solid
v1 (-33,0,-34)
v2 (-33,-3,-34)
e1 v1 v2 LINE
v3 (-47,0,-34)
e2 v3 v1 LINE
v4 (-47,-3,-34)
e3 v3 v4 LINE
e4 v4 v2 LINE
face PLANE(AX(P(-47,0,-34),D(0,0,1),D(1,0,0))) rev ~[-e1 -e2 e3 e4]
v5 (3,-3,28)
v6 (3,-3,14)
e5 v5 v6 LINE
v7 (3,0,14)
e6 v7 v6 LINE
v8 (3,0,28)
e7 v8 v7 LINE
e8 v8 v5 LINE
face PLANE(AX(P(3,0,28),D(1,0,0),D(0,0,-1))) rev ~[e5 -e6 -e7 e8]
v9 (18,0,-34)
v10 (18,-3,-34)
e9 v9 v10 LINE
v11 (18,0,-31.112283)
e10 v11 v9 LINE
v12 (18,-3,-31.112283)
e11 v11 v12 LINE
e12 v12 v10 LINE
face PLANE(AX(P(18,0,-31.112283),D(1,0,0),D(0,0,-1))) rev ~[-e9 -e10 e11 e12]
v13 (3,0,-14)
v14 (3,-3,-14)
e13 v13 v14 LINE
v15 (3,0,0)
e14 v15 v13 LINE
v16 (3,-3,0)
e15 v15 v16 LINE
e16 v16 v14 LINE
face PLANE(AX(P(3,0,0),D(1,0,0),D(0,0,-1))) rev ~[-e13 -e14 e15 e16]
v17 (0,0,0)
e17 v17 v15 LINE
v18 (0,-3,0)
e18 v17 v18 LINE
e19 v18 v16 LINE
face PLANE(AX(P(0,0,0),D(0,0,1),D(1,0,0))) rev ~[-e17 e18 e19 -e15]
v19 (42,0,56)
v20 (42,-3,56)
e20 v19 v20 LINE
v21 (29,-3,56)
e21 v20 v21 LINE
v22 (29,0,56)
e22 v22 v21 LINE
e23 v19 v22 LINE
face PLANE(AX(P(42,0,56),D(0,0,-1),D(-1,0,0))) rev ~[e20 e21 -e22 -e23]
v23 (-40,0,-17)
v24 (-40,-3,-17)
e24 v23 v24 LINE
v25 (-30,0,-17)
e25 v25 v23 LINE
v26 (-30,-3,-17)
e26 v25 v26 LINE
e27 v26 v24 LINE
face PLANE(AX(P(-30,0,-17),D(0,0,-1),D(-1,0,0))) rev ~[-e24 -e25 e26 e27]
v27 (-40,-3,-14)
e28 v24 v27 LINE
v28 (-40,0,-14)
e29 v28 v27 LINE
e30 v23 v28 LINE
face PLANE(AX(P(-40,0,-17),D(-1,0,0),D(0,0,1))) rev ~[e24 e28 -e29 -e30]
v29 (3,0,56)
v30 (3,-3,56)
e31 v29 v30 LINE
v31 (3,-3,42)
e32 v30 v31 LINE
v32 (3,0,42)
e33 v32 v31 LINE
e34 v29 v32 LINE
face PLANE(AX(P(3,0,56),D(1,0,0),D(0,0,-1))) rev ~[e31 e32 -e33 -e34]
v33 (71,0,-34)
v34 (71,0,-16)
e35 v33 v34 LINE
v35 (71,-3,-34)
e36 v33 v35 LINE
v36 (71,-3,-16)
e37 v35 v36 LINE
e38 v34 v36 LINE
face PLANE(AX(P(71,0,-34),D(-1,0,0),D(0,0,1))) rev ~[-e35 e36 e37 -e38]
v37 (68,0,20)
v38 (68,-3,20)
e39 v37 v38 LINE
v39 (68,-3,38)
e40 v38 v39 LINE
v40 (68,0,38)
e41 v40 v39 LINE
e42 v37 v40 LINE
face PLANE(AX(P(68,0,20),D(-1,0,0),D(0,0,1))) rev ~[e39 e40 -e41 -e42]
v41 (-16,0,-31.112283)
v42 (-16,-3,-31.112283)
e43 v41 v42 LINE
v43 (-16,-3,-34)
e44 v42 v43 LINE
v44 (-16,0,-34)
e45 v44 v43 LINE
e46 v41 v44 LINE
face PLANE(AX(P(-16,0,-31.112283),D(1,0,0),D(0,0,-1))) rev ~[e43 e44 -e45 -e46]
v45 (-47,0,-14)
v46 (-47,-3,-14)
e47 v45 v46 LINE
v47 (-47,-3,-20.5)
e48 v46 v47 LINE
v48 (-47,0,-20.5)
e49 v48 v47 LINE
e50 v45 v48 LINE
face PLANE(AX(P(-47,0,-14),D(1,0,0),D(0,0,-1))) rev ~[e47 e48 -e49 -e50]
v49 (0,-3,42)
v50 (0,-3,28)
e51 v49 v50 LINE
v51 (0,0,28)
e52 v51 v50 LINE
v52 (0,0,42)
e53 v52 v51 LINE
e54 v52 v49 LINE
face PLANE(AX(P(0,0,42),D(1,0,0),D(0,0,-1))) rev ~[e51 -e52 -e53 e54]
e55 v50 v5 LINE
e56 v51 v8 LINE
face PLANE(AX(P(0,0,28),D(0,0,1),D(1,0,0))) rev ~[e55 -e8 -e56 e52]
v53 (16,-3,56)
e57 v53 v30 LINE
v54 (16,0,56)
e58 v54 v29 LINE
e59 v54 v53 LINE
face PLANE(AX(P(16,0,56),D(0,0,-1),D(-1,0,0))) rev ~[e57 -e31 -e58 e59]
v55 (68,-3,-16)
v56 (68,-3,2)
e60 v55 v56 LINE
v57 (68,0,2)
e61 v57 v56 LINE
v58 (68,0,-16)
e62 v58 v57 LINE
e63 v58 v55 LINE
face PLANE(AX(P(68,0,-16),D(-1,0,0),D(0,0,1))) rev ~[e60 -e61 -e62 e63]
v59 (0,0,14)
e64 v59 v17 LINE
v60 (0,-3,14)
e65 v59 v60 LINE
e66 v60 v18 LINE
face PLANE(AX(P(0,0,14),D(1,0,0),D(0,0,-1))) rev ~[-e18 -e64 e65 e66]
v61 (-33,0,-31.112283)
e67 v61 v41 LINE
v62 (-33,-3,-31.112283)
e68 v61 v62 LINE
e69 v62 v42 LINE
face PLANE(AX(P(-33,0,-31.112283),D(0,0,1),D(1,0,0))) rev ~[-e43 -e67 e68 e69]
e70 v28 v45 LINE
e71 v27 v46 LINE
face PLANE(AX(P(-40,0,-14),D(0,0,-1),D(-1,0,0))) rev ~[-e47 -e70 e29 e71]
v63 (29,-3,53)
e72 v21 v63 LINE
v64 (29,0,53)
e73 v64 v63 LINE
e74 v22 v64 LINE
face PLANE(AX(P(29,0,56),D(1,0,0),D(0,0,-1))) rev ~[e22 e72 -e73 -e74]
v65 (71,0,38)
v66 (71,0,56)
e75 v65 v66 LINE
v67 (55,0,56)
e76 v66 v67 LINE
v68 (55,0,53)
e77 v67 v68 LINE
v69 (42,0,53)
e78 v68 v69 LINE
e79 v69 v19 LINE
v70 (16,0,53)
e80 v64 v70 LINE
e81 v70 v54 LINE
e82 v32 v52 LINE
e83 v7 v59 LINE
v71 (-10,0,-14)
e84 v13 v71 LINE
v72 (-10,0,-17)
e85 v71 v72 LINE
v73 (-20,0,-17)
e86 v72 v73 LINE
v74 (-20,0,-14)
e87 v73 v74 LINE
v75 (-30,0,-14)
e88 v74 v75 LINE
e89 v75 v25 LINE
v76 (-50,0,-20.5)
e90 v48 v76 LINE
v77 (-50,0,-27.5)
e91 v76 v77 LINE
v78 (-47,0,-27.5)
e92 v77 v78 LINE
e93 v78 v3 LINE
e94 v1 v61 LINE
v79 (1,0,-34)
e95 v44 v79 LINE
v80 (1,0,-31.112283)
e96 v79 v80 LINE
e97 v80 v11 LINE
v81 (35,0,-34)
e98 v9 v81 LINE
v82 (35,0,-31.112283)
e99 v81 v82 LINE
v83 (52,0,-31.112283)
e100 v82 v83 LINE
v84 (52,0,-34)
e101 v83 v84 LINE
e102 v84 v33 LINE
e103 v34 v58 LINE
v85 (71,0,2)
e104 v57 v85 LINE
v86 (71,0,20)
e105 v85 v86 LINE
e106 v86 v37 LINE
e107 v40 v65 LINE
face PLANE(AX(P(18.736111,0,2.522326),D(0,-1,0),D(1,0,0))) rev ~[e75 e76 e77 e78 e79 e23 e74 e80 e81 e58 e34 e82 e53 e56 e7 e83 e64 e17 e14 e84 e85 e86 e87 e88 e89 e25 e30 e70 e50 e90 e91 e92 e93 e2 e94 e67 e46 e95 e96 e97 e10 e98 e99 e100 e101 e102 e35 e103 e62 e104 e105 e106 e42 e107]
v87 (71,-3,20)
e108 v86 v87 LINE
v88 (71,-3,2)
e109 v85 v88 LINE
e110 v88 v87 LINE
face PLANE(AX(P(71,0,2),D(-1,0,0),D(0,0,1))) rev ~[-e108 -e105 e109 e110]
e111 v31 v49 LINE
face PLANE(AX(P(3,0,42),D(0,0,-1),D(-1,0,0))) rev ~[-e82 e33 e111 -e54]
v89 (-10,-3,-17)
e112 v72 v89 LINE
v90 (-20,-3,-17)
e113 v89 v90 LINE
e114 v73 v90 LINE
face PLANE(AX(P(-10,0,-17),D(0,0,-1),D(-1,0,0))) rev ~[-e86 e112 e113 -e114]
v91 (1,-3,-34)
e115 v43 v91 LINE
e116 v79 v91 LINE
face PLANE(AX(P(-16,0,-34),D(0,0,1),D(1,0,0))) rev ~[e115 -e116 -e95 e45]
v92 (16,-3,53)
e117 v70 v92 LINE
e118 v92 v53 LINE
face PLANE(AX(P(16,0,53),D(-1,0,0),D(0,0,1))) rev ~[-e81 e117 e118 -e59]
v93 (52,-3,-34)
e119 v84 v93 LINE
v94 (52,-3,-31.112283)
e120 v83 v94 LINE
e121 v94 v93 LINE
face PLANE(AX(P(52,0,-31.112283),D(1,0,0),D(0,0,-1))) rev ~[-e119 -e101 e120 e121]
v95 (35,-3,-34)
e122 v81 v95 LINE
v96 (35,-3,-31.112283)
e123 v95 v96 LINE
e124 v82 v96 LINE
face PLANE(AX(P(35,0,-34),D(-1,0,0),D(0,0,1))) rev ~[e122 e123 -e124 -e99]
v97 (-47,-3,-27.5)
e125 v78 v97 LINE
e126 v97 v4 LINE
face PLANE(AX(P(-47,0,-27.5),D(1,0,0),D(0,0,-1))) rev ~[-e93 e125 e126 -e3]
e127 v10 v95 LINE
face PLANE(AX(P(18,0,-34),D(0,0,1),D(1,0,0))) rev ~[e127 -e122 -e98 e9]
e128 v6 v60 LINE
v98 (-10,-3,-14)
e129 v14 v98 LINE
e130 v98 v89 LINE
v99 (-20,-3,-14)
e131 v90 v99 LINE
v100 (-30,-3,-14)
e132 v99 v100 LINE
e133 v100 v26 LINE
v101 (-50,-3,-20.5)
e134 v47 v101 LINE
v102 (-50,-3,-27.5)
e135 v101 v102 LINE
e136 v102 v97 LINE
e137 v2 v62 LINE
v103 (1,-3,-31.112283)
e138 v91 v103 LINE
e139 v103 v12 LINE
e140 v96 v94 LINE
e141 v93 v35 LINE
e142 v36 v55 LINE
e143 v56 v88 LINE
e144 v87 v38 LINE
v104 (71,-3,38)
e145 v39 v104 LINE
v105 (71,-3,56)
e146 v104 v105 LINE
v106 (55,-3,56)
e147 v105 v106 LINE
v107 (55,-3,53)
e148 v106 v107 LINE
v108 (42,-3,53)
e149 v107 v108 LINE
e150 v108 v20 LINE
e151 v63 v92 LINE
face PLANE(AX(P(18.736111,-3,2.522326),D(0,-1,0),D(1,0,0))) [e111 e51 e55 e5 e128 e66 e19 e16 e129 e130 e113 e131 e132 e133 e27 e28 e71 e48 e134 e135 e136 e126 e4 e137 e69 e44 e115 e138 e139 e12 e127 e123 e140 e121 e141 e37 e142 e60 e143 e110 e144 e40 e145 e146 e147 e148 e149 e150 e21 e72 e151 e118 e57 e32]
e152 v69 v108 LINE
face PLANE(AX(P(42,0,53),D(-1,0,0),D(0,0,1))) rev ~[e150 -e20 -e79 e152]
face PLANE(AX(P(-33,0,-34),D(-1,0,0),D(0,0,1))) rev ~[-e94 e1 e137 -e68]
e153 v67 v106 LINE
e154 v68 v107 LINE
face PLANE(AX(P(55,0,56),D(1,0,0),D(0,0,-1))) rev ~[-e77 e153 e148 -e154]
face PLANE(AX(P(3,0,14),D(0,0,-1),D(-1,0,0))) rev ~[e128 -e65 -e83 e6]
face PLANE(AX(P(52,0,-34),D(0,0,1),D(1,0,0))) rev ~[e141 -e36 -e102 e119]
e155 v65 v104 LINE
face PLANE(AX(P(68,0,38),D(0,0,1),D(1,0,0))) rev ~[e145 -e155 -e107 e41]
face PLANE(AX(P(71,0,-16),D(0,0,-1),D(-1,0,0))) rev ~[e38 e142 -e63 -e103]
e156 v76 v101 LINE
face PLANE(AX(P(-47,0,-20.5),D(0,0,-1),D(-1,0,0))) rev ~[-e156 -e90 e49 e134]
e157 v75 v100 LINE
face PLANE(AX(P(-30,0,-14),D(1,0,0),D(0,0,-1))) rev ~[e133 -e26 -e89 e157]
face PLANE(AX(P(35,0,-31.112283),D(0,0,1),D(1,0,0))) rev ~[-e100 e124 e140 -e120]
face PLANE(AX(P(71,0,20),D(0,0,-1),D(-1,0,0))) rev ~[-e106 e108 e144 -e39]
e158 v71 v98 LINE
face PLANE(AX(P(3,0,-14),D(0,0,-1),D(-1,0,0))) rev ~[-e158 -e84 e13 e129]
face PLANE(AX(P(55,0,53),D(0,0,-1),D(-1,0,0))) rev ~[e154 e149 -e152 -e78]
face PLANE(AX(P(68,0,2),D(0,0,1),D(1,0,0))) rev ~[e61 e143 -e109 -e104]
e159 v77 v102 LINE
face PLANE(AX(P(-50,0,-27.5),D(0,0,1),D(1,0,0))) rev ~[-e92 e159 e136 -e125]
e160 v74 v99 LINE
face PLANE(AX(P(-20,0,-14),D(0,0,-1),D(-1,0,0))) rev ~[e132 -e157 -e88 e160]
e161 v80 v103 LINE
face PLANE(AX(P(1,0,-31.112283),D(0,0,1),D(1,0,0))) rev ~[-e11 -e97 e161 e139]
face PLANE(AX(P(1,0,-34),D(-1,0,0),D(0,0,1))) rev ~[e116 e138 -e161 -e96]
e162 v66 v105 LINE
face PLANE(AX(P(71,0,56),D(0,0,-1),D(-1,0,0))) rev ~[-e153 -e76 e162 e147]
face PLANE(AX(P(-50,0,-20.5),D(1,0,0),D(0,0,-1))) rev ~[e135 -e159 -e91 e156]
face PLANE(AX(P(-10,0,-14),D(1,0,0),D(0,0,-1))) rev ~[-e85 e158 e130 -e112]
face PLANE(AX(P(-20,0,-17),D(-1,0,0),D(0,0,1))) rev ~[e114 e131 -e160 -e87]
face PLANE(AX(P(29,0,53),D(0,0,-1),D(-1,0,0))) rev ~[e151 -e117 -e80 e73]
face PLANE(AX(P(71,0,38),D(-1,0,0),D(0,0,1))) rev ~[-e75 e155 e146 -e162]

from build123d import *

# Parameters (mm, degrees)
F1_DEPTH = 3


with BuildPart() as f1:
    # F0 (on Front) → F1 (new body)
    with BuildSketch(Plane.XZ):
        Polygon((16, 56), (3, 56), (3, 42), (0, 42), (0, 28), (3, 28), (3, 14), (0, 14), (0, 0), (3, 0), (3, -14), (0, -14), (-10, -14), (-10, -17), (-20, -17), (-20, -14), (-30, -14), (-30, -17), (-40, -17), (-40, -14), (-47, -14), (-47, -20.5), (-50, -20.5), (-50, -27.5), (-47, -27.5), (-47, -34), (-33, -34), (-33, -31.112283), (-16, -31.112283), (-16, -34), (1, -34), (1, -31.112283), (18, -31.112283), (18, -34), (35, -34), (35, -31.112283), (52, -31.112283), (52, -34), (71, -34), (71, -16), (68, -16), (68, 2), (71, 2), (71, 20), (68, 20), (68, 38), (71, 38), (71, 56), (55, 56), (55, 53), (42, 53), (42, 56), (29, 56), (29, 53), (16, 53), align=None)
    extrude(amount=F1_DEPTH)


solid = f1.part
